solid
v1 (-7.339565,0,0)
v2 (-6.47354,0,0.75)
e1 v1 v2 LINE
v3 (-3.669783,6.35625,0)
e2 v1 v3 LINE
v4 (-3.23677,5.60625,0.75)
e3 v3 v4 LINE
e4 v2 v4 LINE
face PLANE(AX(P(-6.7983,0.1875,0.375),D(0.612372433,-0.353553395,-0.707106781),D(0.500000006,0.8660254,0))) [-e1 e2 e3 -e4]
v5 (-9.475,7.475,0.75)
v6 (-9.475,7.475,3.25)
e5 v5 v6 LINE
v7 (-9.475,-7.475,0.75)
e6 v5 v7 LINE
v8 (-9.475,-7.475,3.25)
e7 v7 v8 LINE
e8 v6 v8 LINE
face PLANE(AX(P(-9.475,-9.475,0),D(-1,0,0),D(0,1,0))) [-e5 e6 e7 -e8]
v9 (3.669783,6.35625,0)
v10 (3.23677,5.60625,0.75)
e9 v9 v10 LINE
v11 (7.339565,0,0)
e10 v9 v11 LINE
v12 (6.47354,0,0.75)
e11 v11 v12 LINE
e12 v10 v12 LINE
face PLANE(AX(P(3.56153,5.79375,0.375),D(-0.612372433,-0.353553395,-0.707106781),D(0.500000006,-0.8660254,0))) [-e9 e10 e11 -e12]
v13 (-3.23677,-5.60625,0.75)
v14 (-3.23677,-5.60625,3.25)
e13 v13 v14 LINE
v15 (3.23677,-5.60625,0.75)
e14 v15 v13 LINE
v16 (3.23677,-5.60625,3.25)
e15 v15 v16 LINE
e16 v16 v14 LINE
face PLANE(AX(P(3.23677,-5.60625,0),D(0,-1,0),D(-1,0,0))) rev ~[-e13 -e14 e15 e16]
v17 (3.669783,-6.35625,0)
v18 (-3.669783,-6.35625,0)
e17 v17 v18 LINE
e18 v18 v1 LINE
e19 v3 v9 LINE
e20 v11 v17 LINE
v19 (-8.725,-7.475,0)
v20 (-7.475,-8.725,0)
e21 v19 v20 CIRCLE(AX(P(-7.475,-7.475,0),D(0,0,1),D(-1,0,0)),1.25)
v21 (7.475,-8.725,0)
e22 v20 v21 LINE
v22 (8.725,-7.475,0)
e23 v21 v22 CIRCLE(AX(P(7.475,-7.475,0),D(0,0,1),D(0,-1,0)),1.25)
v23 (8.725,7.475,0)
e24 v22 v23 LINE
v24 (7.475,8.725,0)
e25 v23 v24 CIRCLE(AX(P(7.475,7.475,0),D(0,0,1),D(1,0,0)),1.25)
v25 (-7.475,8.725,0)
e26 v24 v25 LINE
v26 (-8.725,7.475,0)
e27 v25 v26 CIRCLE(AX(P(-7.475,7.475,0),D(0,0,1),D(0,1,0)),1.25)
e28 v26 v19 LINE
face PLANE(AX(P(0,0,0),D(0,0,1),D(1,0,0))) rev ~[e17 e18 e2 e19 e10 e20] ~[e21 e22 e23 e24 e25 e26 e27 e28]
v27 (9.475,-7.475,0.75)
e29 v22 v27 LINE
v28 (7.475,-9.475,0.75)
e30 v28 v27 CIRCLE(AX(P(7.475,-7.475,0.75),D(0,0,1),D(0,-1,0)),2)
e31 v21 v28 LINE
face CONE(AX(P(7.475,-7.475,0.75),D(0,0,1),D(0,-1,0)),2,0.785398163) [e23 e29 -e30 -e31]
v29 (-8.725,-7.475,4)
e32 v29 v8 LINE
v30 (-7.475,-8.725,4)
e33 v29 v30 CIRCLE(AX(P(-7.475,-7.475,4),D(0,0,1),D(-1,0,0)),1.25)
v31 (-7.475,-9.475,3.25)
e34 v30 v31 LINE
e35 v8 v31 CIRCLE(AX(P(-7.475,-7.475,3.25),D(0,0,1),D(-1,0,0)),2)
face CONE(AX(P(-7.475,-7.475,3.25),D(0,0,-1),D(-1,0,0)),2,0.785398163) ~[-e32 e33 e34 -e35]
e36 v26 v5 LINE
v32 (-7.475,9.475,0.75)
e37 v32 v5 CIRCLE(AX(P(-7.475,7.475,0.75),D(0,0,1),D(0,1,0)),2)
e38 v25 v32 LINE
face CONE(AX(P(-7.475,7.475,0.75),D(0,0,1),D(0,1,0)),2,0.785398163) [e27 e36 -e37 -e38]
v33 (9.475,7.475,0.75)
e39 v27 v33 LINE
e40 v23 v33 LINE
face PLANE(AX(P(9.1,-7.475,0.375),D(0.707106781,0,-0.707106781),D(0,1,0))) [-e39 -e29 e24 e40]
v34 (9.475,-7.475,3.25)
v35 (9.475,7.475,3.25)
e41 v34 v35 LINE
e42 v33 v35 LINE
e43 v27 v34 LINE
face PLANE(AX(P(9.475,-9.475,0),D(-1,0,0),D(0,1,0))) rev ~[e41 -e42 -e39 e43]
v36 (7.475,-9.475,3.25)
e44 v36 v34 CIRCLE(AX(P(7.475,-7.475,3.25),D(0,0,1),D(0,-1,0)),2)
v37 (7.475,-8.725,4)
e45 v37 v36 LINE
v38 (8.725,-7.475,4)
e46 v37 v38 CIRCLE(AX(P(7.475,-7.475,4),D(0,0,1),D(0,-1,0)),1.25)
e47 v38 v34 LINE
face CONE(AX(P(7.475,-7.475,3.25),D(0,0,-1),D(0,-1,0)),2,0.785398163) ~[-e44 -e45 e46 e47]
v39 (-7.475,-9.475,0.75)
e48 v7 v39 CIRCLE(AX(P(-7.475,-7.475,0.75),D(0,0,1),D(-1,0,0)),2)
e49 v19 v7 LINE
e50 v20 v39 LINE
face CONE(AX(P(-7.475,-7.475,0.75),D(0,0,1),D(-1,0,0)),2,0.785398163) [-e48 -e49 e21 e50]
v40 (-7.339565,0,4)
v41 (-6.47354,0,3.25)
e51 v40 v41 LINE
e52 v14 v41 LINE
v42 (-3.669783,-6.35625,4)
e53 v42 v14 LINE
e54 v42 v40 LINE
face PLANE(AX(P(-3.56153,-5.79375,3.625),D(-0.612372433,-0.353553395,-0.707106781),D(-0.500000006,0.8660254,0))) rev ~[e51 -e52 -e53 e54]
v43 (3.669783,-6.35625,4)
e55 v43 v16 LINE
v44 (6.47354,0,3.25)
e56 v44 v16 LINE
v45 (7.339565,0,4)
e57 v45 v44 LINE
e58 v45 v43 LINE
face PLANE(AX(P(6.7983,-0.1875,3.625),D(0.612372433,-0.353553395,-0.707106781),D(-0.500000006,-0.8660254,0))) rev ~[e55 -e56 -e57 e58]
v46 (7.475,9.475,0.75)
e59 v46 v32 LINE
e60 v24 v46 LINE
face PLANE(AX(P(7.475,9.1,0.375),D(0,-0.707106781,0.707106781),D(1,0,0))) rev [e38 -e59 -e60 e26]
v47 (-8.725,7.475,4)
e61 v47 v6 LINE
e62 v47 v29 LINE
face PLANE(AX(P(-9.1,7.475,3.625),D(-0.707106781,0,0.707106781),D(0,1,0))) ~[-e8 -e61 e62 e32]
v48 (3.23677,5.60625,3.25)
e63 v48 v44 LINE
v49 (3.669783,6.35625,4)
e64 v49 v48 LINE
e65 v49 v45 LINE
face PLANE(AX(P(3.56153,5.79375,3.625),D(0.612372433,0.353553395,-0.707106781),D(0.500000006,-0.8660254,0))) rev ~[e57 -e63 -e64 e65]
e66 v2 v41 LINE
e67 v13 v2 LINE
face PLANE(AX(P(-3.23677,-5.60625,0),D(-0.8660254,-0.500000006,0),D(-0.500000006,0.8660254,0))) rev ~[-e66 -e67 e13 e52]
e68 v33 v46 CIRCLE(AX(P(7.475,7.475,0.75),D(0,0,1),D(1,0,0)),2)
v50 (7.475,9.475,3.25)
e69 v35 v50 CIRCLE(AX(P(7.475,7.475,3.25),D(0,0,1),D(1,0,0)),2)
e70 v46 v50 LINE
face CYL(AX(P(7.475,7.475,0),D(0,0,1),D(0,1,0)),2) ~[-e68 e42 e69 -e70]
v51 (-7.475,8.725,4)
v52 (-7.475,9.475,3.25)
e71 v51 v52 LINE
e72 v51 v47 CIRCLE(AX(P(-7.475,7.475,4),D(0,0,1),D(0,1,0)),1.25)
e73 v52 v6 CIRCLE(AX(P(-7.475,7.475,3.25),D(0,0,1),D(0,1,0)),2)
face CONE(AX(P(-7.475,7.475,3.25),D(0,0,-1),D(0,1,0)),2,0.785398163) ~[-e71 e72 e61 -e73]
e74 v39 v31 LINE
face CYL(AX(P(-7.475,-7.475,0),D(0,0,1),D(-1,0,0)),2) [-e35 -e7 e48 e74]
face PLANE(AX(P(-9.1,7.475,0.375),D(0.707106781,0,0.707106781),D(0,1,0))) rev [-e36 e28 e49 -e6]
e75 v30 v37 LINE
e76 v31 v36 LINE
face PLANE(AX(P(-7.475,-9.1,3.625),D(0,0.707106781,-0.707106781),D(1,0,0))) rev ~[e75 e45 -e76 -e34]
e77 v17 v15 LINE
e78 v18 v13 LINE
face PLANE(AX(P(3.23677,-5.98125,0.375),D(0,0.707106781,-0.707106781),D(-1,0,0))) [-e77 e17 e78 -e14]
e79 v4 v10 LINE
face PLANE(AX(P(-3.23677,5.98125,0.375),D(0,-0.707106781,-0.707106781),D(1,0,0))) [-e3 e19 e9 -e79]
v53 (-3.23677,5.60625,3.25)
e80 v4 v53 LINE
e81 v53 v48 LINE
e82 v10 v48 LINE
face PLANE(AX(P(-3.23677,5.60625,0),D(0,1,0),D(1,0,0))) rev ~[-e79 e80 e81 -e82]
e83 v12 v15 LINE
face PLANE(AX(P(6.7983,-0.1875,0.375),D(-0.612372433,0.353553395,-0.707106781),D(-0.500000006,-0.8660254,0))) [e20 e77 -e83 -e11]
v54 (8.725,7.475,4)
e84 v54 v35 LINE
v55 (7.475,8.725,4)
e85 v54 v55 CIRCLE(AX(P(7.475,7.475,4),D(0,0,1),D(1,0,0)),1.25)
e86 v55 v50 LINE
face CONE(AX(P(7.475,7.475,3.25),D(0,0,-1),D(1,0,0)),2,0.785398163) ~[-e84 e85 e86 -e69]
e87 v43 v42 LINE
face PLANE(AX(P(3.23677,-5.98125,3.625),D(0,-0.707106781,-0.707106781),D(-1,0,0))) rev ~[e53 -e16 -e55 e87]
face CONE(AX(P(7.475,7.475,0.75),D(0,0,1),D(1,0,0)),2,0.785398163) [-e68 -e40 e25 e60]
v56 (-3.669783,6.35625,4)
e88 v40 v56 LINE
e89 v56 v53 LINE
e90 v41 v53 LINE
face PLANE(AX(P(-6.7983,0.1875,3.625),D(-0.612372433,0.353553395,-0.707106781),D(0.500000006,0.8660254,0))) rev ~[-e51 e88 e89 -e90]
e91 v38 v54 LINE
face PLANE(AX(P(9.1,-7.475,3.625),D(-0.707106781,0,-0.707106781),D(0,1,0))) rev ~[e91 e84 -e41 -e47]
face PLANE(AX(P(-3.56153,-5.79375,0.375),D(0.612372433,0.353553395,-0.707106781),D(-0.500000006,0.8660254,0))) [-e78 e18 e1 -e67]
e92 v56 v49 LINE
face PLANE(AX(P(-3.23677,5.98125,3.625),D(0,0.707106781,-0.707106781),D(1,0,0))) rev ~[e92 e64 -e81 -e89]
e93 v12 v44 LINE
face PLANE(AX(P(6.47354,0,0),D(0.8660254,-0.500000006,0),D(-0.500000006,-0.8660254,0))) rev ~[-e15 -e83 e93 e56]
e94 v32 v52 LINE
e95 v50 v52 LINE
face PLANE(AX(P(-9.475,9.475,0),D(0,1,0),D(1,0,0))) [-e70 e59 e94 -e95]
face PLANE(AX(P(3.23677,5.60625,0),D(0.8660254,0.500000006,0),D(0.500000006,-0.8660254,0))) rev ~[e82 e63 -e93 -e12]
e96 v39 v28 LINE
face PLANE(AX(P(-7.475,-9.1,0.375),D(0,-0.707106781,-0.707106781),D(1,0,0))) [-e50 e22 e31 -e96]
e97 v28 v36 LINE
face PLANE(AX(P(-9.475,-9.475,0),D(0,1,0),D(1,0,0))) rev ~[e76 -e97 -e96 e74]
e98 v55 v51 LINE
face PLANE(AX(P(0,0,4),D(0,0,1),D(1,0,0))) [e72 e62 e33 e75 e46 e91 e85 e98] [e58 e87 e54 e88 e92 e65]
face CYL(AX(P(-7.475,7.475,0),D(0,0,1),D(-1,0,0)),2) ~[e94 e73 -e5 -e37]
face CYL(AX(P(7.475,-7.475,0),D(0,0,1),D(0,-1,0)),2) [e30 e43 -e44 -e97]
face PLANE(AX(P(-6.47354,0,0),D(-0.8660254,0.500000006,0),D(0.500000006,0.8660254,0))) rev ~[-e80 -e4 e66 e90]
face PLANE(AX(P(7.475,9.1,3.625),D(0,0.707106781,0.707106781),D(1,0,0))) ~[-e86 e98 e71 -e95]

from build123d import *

# Parameters (mm, degrees)
F0_W     = 18.95
F0_H     = 18.95
F1_DEPTH = 4
F2_R     = 2
F3_SIZE  = 0.75


with BuildPart() as f1:
    # F0 (on Top) → F1 (new body)
    with BuildSketch(Plane.XY):
        Rectangle(F0_W, F0_H)
        Polygon((-6.47354, 0), (-3.23677, 5.60625), (3.23677, 5.60625), (6.47354, 0), (3.23677, -5.60625), (-3.23677, -5.60625), align=None, mode=Mode.SUBTRACT)
    extrude(amount=F1_DEPTH)

    # F2
    f2_edges = [f1.edges().sort_by_distance(p)[0] for p in [
        (9.475, -9.475, 2),
        (9.475, 9.475, 2),
        (-9.475, -9.475, 2),
        (-9.475, 9.475, 2),
    ]]
    fillet(f2_edges, radius=F2_R)

    # F3
    f3_edges = [f1.edges().sort_by_distance(p)[0] for p in [
        (9.475, 0, 4),
        (8.889214, -8.889214, 4),
        (8.889214, 8.889214, 4),
        (0, -9.475, 4),
        (0, 9.475, 4),
        (-8.889214, -8.889214, 4),
        (-8.889214, 8.889214, 4),
        (-9.475, 0, 4),
        (-4.855155, 2.803125, 4),
        (0, 5.60625, 4),
        (4.855155, 2.803125, 4),
        (4.855155, -2.803125, 4),
        (0, -5.60625, 4),
        (-4.855155, -2.803125, 4),
        (9.475, 0, 0),
        (8.889214, -8.889214, 0),
        (8.889214, 8.889214, 0),
        (0, -9.475, 0),
        (0, 9.475, 0),
        (-8.889214, -8.889214, 0),
        (-8.889214, 8.889214, 0),
        (-9.475, 0, 0),
        (-4.855155, 2.803125, 0),
        (0, 5.60625, 0),
        (4.855155, 2.803125, 0),
        (4.855155, -2.803125, 0),
        (0, -5.60625, 0),
        (-4.855155, -2.803125, 0),
    ]]
    chamfer(f3_edges, length=F3_SIZE)


solid = f1.part
